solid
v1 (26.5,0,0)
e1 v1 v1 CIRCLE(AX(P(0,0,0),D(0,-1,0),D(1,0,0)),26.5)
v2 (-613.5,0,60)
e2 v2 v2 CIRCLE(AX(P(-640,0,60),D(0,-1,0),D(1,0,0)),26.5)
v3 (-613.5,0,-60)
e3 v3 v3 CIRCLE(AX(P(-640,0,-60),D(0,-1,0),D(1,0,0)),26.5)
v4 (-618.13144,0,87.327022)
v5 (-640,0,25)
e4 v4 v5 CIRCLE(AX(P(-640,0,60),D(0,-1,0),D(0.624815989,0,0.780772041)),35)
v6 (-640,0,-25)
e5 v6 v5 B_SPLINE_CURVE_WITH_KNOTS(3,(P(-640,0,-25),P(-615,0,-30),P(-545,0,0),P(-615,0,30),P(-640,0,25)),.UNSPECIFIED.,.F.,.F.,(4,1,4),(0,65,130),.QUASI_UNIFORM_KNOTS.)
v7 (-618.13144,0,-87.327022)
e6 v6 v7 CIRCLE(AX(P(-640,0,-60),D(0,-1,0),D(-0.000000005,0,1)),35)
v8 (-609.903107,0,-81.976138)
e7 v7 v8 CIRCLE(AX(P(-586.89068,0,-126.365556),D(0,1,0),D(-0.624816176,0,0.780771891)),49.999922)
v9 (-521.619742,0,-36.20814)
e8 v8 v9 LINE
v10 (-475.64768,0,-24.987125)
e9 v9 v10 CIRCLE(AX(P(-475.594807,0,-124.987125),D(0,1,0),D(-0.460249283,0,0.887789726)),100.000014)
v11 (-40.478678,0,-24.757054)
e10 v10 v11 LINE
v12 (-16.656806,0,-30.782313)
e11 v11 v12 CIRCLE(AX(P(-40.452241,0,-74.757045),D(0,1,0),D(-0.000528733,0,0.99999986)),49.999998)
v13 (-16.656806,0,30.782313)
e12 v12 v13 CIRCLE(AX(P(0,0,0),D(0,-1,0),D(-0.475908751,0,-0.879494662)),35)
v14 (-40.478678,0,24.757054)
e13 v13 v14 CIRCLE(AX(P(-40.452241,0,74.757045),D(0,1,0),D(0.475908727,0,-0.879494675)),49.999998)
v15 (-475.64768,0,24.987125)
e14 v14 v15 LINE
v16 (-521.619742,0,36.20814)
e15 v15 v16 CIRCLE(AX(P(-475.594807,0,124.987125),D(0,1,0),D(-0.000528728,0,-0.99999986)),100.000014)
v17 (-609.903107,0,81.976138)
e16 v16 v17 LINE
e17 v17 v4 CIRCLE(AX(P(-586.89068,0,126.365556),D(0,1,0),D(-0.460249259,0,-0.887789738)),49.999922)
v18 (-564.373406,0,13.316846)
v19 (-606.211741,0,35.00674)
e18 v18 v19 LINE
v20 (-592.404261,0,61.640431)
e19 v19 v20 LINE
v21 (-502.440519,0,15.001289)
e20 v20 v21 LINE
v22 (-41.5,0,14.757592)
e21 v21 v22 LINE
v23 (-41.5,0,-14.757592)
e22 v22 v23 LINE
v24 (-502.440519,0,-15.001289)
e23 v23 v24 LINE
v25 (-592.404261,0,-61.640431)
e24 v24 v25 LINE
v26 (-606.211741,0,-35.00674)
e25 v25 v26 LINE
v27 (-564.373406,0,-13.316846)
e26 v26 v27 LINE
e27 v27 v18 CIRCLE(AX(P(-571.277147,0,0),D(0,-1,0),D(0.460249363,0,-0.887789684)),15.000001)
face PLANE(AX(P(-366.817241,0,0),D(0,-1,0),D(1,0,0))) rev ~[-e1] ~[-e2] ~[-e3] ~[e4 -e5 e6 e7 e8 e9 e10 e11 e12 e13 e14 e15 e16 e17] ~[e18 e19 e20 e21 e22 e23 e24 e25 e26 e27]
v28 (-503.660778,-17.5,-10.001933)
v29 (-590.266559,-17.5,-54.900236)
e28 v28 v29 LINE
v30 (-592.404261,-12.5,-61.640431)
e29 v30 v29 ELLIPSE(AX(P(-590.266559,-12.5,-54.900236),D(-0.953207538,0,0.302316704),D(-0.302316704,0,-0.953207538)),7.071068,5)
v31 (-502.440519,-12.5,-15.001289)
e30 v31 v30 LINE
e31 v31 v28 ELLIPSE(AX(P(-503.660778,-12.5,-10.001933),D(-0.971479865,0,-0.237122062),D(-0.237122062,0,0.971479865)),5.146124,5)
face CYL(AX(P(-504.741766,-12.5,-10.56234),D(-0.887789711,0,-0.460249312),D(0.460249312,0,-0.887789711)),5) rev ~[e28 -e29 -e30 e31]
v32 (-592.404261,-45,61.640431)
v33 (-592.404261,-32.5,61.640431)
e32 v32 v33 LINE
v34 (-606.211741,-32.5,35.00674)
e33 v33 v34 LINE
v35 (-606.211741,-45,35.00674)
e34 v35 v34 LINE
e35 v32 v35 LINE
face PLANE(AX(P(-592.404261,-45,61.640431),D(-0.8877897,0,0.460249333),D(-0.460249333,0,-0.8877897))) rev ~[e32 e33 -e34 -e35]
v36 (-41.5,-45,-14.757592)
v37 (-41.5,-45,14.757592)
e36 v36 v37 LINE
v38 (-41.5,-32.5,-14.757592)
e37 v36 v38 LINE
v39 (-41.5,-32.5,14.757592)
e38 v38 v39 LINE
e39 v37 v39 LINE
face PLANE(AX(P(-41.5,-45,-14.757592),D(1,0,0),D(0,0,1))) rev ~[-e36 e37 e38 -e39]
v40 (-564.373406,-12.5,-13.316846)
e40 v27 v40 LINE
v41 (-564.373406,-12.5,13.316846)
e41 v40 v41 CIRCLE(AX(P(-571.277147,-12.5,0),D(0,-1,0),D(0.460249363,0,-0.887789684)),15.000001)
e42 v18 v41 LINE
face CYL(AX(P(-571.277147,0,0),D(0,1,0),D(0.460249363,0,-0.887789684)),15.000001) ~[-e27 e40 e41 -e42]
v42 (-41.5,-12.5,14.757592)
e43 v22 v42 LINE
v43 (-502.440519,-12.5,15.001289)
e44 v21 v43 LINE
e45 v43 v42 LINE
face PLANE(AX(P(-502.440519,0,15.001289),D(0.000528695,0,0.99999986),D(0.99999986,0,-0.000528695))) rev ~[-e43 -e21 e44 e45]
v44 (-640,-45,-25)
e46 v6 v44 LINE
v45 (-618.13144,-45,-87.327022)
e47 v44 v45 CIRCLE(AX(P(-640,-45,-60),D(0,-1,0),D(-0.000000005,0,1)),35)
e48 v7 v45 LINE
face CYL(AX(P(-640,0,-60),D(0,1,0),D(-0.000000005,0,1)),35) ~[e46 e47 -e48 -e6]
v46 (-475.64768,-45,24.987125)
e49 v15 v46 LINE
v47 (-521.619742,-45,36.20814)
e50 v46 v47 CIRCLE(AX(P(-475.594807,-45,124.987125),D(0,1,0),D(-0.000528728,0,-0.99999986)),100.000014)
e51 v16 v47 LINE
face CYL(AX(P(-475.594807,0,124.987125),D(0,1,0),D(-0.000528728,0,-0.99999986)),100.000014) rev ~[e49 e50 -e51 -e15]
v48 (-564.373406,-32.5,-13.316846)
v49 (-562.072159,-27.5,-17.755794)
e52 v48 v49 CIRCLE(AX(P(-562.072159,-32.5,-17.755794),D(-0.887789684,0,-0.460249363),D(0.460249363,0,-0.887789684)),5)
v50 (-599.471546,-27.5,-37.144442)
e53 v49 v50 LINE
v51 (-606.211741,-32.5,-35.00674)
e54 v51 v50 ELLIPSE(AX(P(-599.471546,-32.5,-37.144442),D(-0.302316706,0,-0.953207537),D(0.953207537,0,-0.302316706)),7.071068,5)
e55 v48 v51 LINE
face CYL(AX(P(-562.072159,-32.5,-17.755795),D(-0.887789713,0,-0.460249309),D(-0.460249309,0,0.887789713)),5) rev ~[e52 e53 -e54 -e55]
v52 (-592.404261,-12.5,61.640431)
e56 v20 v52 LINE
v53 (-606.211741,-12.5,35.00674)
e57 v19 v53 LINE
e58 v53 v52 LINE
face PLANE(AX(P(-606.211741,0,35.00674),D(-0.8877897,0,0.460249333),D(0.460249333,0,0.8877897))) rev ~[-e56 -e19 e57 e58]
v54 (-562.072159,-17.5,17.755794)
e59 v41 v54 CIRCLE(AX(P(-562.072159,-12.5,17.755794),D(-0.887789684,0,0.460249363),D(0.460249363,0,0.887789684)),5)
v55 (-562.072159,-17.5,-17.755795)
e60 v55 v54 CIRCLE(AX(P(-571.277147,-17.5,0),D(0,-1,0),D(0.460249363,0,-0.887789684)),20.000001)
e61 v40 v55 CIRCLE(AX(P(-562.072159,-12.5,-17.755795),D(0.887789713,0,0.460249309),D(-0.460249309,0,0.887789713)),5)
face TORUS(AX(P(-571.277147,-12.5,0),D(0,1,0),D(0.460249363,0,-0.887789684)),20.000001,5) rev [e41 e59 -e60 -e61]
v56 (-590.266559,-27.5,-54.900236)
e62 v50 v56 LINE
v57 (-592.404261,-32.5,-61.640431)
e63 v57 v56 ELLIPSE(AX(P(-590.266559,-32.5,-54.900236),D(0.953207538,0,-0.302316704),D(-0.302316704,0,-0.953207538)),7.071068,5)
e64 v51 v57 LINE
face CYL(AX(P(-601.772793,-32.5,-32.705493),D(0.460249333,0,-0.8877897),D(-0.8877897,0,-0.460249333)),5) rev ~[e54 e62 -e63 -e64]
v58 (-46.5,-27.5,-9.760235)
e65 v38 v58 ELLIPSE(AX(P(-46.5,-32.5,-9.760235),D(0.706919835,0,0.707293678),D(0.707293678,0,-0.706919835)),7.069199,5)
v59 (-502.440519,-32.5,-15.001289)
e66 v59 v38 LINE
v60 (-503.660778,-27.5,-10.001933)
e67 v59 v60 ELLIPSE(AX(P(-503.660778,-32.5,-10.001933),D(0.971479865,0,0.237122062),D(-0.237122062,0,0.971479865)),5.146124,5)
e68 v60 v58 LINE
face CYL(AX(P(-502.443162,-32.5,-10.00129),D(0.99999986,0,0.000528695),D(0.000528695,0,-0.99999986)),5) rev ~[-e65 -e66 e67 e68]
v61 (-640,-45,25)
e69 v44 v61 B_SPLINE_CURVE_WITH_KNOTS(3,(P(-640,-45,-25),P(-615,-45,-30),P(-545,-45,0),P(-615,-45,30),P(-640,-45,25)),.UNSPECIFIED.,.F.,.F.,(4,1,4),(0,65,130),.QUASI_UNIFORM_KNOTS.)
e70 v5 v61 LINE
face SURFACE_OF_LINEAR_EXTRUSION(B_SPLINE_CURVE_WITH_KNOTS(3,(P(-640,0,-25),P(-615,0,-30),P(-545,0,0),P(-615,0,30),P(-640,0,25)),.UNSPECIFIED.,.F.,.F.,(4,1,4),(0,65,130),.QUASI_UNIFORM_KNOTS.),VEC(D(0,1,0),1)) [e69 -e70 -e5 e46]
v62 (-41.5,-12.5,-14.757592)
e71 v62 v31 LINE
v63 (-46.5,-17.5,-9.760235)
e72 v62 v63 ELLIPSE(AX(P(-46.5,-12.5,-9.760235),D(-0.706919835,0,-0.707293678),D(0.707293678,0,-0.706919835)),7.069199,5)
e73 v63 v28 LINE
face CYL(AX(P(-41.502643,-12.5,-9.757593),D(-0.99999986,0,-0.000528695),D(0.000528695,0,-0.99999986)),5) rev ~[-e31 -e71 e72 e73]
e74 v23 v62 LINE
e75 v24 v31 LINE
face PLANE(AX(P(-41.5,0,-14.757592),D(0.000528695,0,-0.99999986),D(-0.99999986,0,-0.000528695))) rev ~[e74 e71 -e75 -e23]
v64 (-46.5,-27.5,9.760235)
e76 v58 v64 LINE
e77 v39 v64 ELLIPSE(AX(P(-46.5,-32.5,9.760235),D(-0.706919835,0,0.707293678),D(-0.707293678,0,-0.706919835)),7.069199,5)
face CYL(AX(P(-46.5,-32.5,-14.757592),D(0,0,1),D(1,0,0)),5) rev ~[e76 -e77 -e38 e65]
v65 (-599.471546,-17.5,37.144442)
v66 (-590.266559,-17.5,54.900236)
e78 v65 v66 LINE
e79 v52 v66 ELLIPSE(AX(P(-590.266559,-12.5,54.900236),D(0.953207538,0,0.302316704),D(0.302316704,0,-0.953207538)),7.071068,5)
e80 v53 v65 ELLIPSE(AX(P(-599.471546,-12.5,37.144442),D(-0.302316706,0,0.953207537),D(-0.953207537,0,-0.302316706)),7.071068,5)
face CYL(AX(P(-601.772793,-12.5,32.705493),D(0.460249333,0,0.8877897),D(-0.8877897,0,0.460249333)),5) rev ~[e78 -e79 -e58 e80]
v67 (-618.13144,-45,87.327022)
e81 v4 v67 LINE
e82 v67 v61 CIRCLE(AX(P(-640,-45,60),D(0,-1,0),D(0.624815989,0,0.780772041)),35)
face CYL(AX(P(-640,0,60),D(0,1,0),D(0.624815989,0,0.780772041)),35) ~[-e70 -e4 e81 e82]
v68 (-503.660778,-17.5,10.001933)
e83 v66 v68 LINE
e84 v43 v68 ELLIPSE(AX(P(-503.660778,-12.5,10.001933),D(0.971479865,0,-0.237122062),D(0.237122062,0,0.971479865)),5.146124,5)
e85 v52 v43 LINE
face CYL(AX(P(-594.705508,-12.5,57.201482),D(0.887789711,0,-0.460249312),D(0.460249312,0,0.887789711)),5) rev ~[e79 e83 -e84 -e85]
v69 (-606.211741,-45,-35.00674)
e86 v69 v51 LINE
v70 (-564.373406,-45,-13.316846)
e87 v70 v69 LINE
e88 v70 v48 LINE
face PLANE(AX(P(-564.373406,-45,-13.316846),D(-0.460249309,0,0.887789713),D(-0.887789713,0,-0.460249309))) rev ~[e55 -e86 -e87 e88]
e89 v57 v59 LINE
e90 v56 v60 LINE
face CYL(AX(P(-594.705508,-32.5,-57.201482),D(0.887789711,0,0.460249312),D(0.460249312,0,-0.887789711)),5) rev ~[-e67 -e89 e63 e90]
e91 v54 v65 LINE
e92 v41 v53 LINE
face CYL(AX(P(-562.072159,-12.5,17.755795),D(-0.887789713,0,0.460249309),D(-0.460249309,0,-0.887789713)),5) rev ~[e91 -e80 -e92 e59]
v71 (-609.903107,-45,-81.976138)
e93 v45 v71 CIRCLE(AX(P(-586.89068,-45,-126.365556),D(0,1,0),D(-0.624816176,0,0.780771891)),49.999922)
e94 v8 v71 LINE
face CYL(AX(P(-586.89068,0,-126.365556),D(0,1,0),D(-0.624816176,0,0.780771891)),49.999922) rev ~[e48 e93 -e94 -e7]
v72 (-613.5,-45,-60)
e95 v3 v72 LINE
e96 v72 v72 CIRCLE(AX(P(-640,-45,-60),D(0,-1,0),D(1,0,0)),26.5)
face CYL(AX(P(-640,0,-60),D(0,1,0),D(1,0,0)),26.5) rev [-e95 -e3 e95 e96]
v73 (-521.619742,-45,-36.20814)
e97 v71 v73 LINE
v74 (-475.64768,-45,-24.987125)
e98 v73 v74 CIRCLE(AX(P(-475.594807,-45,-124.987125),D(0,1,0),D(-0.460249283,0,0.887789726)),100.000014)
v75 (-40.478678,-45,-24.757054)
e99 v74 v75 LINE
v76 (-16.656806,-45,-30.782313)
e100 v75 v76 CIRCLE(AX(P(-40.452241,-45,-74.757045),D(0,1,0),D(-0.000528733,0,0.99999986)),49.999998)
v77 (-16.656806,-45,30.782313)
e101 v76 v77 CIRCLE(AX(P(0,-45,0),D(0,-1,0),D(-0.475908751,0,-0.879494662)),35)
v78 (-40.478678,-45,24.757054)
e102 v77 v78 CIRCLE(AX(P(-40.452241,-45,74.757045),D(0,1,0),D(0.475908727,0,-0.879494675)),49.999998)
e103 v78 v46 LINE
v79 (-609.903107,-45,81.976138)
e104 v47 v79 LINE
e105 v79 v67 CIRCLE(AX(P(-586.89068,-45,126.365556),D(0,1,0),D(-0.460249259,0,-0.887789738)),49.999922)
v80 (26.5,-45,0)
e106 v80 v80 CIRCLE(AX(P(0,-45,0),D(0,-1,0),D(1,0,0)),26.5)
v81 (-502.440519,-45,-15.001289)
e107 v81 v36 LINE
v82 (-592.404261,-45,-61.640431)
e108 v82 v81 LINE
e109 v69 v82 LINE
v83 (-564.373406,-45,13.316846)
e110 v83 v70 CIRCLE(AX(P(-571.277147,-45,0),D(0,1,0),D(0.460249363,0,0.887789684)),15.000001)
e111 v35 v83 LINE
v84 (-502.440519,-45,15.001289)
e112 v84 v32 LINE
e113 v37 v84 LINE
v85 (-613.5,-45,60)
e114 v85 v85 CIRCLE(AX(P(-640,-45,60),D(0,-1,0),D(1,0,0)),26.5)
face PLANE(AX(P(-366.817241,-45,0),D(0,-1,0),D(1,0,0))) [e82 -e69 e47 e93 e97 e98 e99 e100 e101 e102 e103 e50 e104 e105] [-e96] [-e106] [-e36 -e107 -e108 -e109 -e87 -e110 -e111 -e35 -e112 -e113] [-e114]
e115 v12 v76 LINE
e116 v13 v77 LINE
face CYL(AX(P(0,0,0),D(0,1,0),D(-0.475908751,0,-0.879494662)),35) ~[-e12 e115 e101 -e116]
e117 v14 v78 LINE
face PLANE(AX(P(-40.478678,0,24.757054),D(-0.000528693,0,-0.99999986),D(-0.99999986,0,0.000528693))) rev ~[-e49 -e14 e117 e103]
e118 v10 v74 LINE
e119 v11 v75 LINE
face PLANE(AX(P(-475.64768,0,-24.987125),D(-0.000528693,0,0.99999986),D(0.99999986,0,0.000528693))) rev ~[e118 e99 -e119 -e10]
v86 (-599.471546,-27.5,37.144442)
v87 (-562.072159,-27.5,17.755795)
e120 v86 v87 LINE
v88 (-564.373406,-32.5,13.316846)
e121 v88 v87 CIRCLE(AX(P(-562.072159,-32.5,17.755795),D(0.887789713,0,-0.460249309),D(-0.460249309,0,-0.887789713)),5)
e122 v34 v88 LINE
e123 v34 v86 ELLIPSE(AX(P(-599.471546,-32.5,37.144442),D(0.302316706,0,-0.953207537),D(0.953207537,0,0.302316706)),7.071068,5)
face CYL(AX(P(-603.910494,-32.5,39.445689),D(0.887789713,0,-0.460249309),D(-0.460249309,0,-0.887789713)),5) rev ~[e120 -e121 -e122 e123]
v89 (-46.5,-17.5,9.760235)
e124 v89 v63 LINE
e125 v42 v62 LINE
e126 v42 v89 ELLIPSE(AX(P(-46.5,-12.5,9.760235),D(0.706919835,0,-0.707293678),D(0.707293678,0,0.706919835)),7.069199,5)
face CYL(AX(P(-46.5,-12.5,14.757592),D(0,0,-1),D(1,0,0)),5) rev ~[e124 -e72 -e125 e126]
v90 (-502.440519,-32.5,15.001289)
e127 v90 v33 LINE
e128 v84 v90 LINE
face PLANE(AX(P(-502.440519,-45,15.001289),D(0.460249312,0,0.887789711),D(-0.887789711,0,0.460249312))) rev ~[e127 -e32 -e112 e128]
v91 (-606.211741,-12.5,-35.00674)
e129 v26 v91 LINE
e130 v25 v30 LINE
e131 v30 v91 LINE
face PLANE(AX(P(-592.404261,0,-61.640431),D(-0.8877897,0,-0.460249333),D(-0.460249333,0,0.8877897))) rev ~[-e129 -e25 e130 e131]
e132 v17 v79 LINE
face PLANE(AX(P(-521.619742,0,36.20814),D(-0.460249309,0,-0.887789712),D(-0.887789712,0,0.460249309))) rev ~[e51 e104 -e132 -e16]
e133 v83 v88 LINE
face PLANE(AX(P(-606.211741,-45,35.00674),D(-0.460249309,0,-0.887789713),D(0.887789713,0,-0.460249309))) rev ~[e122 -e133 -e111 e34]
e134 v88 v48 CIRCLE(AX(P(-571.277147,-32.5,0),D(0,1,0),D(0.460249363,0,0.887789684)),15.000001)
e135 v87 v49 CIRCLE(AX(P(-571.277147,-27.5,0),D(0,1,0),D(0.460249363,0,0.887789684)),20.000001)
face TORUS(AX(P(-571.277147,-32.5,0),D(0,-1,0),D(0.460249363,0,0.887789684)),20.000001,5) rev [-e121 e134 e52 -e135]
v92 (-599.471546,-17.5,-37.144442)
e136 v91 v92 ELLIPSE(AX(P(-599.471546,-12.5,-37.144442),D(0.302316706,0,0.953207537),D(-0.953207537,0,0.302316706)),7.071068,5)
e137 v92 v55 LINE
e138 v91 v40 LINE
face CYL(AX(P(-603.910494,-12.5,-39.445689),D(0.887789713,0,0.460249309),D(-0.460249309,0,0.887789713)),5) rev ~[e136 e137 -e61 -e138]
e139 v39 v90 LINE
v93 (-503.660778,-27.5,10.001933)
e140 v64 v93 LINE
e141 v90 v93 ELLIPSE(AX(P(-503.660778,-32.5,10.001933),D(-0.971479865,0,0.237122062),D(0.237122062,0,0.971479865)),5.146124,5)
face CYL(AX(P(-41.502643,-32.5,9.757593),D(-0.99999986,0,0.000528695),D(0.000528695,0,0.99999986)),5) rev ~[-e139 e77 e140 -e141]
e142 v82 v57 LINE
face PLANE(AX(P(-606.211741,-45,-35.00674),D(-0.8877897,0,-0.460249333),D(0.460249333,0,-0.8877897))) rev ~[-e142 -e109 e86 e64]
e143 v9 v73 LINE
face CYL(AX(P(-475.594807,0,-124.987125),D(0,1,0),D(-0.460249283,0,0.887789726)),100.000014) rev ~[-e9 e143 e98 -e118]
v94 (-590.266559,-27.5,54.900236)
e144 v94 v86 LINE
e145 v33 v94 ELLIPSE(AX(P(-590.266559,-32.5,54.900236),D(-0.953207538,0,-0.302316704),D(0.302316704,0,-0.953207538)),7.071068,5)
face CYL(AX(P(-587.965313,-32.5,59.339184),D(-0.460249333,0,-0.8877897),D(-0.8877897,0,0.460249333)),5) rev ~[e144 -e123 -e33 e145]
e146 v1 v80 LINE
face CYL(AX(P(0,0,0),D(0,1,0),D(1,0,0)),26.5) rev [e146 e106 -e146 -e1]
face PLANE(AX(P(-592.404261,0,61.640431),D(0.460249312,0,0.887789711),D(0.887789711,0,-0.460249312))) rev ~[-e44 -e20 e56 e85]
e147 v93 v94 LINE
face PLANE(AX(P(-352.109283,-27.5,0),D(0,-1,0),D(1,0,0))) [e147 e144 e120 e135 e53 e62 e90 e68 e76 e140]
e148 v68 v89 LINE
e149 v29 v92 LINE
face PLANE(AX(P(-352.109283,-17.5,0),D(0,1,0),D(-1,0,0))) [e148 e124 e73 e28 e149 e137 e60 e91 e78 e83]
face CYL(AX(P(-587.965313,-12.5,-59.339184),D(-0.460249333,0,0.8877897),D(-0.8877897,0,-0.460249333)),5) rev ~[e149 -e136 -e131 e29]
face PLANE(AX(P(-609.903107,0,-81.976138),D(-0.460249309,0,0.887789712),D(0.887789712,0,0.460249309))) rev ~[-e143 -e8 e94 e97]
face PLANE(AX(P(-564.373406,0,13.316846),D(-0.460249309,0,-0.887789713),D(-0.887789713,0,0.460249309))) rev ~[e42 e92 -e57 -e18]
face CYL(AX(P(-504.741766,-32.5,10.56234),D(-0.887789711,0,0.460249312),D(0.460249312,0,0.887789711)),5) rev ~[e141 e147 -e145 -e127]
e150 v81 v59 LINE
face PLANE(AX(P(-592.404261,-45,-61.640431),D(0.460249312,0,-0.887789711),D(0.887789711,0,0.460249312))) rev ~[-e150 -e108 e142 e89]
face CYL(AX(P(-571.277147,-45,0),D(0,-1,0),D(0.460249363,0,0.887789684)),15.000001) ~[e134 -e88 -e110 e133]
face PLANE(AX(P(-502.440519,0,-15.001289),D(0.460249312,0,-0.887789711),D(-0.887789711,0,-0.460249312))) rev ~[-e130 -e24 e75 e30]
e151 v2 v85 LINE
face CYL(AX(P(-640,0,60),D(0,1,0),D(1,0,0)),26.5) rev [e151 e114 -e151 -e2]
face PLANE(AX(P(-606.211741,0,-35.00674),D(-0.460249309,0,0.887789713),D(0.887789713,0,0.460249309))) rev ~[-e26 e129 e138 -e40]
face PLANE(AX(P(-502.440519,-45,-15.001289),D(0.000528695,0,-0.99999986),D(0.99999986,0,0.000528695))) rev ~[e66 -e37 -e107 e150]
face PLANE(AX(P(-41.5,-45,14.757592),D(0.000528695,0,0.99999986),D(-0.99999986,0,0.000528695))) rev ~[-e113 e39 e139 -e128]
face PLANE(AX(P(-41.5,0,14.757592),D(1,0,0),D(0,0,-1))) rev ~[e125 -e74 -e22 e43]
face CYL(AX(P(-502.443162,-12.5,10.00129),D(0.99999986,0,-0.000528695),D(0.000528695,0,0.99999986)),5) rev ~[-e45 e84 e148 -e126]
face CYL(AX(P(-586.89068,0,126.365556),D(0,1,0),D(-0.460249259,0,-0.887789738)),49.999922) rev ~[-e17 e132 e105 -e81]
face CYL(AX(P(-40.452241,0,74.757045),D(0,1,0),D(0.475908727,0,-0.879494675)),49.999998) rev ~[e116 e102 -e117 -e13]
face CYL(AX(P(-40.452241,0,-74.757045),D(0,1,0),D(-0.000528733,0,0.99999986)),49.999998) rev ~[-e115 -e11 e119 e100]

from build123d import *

# Parameters (mm, degrees)
F0_R     = 26.5
F1_DEPTH = 45
F2_ANGLE = 12.5
F4_DEPTH = 17.5
F6_DEPTH = 17.5
F7_R     = 5
F8_R     = 5


with BuildPart() as f1:
    # F0 (on Front) → F1 (new body)
    with BuildSketch(Plane.XZ):
        with BuildLine():
            ThreePointArc((-40.478678, -24.757054), (-28.191847, -26.283521), (-16.656806, -30.782313))
            ThreePointArc((-16.656806, -30.782313), (35, 0), (-16.656806, 30.782313))
            ThreePointArc((-16.656806, 30.782313), (-28.191847, 26.283521), (-40.478678, 24.757054))
            Line((-40.478678, 24.757054), (-475.64768, 24.987125))
            ThreePointArc((-475.64768, 24.987125), (-499.307017, 27.839125), (-521.619742, 36.20814))
            Line((-521.619742, 36.20814), (-609.903107, 81.976138))
            ThreePointArc((-609.903107, 81.976138), (-614.148891, 84.449185), (-618.13144, 87.327022))
            ThreePointArc((-618.13144, 87.327022), (-673.026094, 71.587801), (-640, 25))
            add(Edge.make_bspline(
                [(-640, -25), (-615, -30), (-545, 0), (-615, 30), (-640, 25)],
                knots=[0, 0, 0, 0, 65, 130, 130, 130, 130], degree=3))
            ThreePointArc((-640, -25), (-673.026094, -71.587801), (-618.13144, -87.327022))
            ThreePointArc((-618.13144, -87.327022), (-614.148891, -84.449185), (-609.903107, -81.976138))
            Line((-609.903107, -81.976138), (-521.619742, -36.20814))
            ThreePointArc((-521.619742, -36.20814), (-499.307017, -27.839125), (-475.64768, -24.987125))
            Line((-475.64768, -24.987125), (-40.478678, -24.757054))
        make_face()
        with Locations((-640, -60)):
            Circle(F0_R, mode=Mode.SUBTRACT)
        with Locations((-640, 60)):
            Circle(F0_R, mode=Mode.SUBTRACT)
        Circle(F0_R, mode=Mode.SUBTRACT)
    extrude(amount=F1_DEPTH)


with BuildPart() as f2_1:
    # F2: copy of F1
    add(f1.part.rotate(Axis((0, -45, 0), (0, -1, 0)), F2_ANGLE))


with BuildPart() as f4_tool:
    # F3 (on face) → F4 (new body)
    with BuildSketch(Plane.XZ.offset(45)):
        with BuildLine():
            Line((-41.5, -14.757592), (-41.5, 14.757592))
            Line((-41.5, 14.757592), (-502.440519, 15.001289))
            Line((-502.440519, 15.001289), (-592.404261, 61.640431))
            Line((-592.404261, 61.640431), (-606.211741, 35.00674))
            Line((-606.211741, 35.00674), (-564.373406, 13.316846))
            ThreePointArc((-564.373406, 13.316846), (-556.277146, 0), (-564.373406, -13.316846))
            Line((-564.373406, -13.316846), (-606.211741, -35.00674))
            Line((-606.211741, -35.00674), (-592.404261, -61.640431))
            Line((-592.404261, -61.640431), (-502.440519, -15.001289))
            Line((-502.440519, -15.001289), (-41.5, -14.757592))
        make_face()
    extrude(amount=-F4_DEPTH)


with BuildPart() as f1_1:
    add(f1.part)

    # F4: cut by f4_tool
    add(f4_tool.part, mode=Mode.SUBTRACT)


with BuildPart() as f2_1_1:
    add(f2_1.part)

    # F4: cut by f4_tool
    add(f4_tool.part, mode=Mode.SUBTRACT)


with BuildPart() as f6_tool:
    # F5 (on face) → F6 (new body)
    with BuildSketch(Plane(origin=(0, 0, 0), x_dir=(-1, 0, 0), z_dir=(0, 1, 0))):
        with BuildLine():
            Line((502.440519, 15.001289), (41.5, 14.757592))
            Line((41.5, 14.757592), (41.5, -14.757592))
            Line((41.5, -14.757592), (502.440519, -15.001289))
            Line((502.440519, -15.001289), (592.404261, -61.640431))
            Line((592.404261, -61.640431), (606.211741, -35.00674))
            Line((606.211741, -35.00674), (564.373406, -13.316846))
            ThreePointArc((564.373406, -13.316846), (556.277146, 0), (564.373406, 13.316846))
            Line((564.373406, 13.316846), (606.211741, 35.00674))
            Line((606.211741, 35.00674), (592.404261, 61.640431))
            Line((592.404261, 61.640431), (502.440519, 15.001289))
        make_face()
    extrude(amount=-F6_DEPTH)


with BuildPart() as f1_2:
    add(f1_1.part)

    # F6: cut by f6_tool
    add(f6_tool.part, mode=Mode.SUBTRACT)

    # F7
    f7_edges = [f1_2.edges().sort_by_distance(p)[0] for p in [
        (-271.970259, -17.5, 14.879441),
        (-41.5, -17.5, 0),
        (-271.970259, -17.5, -14.879441),
        (-547.42239, -17.5, 38.32086),
        (-547.42239, -17.5, -38.32086),
        (-599.308001, -17.5, -48.323585),
        (-585.292573, -17.5, -24.161793),
        (-599.308001, -17.5, 48.323585),
    ]]
    fillet(f7_edges, radius=F7_R)

    # F8
    f8_edges = [f1_2.edges().sort_by_distance(p)[0] for p in [
        (-599.308001, -27.5, -48.323585),
        (-547.42239, -27.5, -38.32086),
        (-271.970259, -27.5, -14.879441),
        (-585.292573, -27.5, 24.161793),
        (-599.308001, -27.5, 48.323585),
        (-547.42239, -27.5, 38.32086),
        (-271.970259, -27.5, 14.879441),
        (-41.5, -27.5, 0),
    ]]
    fillet(f8_edges, radius=F8_R)


with BuildPart() as f2_1_2:
    add(f2_1_1.part)

    # F6: cut by f6_tool
    add(f6_tool.part, mode=Mode.SUBTRACT)


solid = f1_2.part
